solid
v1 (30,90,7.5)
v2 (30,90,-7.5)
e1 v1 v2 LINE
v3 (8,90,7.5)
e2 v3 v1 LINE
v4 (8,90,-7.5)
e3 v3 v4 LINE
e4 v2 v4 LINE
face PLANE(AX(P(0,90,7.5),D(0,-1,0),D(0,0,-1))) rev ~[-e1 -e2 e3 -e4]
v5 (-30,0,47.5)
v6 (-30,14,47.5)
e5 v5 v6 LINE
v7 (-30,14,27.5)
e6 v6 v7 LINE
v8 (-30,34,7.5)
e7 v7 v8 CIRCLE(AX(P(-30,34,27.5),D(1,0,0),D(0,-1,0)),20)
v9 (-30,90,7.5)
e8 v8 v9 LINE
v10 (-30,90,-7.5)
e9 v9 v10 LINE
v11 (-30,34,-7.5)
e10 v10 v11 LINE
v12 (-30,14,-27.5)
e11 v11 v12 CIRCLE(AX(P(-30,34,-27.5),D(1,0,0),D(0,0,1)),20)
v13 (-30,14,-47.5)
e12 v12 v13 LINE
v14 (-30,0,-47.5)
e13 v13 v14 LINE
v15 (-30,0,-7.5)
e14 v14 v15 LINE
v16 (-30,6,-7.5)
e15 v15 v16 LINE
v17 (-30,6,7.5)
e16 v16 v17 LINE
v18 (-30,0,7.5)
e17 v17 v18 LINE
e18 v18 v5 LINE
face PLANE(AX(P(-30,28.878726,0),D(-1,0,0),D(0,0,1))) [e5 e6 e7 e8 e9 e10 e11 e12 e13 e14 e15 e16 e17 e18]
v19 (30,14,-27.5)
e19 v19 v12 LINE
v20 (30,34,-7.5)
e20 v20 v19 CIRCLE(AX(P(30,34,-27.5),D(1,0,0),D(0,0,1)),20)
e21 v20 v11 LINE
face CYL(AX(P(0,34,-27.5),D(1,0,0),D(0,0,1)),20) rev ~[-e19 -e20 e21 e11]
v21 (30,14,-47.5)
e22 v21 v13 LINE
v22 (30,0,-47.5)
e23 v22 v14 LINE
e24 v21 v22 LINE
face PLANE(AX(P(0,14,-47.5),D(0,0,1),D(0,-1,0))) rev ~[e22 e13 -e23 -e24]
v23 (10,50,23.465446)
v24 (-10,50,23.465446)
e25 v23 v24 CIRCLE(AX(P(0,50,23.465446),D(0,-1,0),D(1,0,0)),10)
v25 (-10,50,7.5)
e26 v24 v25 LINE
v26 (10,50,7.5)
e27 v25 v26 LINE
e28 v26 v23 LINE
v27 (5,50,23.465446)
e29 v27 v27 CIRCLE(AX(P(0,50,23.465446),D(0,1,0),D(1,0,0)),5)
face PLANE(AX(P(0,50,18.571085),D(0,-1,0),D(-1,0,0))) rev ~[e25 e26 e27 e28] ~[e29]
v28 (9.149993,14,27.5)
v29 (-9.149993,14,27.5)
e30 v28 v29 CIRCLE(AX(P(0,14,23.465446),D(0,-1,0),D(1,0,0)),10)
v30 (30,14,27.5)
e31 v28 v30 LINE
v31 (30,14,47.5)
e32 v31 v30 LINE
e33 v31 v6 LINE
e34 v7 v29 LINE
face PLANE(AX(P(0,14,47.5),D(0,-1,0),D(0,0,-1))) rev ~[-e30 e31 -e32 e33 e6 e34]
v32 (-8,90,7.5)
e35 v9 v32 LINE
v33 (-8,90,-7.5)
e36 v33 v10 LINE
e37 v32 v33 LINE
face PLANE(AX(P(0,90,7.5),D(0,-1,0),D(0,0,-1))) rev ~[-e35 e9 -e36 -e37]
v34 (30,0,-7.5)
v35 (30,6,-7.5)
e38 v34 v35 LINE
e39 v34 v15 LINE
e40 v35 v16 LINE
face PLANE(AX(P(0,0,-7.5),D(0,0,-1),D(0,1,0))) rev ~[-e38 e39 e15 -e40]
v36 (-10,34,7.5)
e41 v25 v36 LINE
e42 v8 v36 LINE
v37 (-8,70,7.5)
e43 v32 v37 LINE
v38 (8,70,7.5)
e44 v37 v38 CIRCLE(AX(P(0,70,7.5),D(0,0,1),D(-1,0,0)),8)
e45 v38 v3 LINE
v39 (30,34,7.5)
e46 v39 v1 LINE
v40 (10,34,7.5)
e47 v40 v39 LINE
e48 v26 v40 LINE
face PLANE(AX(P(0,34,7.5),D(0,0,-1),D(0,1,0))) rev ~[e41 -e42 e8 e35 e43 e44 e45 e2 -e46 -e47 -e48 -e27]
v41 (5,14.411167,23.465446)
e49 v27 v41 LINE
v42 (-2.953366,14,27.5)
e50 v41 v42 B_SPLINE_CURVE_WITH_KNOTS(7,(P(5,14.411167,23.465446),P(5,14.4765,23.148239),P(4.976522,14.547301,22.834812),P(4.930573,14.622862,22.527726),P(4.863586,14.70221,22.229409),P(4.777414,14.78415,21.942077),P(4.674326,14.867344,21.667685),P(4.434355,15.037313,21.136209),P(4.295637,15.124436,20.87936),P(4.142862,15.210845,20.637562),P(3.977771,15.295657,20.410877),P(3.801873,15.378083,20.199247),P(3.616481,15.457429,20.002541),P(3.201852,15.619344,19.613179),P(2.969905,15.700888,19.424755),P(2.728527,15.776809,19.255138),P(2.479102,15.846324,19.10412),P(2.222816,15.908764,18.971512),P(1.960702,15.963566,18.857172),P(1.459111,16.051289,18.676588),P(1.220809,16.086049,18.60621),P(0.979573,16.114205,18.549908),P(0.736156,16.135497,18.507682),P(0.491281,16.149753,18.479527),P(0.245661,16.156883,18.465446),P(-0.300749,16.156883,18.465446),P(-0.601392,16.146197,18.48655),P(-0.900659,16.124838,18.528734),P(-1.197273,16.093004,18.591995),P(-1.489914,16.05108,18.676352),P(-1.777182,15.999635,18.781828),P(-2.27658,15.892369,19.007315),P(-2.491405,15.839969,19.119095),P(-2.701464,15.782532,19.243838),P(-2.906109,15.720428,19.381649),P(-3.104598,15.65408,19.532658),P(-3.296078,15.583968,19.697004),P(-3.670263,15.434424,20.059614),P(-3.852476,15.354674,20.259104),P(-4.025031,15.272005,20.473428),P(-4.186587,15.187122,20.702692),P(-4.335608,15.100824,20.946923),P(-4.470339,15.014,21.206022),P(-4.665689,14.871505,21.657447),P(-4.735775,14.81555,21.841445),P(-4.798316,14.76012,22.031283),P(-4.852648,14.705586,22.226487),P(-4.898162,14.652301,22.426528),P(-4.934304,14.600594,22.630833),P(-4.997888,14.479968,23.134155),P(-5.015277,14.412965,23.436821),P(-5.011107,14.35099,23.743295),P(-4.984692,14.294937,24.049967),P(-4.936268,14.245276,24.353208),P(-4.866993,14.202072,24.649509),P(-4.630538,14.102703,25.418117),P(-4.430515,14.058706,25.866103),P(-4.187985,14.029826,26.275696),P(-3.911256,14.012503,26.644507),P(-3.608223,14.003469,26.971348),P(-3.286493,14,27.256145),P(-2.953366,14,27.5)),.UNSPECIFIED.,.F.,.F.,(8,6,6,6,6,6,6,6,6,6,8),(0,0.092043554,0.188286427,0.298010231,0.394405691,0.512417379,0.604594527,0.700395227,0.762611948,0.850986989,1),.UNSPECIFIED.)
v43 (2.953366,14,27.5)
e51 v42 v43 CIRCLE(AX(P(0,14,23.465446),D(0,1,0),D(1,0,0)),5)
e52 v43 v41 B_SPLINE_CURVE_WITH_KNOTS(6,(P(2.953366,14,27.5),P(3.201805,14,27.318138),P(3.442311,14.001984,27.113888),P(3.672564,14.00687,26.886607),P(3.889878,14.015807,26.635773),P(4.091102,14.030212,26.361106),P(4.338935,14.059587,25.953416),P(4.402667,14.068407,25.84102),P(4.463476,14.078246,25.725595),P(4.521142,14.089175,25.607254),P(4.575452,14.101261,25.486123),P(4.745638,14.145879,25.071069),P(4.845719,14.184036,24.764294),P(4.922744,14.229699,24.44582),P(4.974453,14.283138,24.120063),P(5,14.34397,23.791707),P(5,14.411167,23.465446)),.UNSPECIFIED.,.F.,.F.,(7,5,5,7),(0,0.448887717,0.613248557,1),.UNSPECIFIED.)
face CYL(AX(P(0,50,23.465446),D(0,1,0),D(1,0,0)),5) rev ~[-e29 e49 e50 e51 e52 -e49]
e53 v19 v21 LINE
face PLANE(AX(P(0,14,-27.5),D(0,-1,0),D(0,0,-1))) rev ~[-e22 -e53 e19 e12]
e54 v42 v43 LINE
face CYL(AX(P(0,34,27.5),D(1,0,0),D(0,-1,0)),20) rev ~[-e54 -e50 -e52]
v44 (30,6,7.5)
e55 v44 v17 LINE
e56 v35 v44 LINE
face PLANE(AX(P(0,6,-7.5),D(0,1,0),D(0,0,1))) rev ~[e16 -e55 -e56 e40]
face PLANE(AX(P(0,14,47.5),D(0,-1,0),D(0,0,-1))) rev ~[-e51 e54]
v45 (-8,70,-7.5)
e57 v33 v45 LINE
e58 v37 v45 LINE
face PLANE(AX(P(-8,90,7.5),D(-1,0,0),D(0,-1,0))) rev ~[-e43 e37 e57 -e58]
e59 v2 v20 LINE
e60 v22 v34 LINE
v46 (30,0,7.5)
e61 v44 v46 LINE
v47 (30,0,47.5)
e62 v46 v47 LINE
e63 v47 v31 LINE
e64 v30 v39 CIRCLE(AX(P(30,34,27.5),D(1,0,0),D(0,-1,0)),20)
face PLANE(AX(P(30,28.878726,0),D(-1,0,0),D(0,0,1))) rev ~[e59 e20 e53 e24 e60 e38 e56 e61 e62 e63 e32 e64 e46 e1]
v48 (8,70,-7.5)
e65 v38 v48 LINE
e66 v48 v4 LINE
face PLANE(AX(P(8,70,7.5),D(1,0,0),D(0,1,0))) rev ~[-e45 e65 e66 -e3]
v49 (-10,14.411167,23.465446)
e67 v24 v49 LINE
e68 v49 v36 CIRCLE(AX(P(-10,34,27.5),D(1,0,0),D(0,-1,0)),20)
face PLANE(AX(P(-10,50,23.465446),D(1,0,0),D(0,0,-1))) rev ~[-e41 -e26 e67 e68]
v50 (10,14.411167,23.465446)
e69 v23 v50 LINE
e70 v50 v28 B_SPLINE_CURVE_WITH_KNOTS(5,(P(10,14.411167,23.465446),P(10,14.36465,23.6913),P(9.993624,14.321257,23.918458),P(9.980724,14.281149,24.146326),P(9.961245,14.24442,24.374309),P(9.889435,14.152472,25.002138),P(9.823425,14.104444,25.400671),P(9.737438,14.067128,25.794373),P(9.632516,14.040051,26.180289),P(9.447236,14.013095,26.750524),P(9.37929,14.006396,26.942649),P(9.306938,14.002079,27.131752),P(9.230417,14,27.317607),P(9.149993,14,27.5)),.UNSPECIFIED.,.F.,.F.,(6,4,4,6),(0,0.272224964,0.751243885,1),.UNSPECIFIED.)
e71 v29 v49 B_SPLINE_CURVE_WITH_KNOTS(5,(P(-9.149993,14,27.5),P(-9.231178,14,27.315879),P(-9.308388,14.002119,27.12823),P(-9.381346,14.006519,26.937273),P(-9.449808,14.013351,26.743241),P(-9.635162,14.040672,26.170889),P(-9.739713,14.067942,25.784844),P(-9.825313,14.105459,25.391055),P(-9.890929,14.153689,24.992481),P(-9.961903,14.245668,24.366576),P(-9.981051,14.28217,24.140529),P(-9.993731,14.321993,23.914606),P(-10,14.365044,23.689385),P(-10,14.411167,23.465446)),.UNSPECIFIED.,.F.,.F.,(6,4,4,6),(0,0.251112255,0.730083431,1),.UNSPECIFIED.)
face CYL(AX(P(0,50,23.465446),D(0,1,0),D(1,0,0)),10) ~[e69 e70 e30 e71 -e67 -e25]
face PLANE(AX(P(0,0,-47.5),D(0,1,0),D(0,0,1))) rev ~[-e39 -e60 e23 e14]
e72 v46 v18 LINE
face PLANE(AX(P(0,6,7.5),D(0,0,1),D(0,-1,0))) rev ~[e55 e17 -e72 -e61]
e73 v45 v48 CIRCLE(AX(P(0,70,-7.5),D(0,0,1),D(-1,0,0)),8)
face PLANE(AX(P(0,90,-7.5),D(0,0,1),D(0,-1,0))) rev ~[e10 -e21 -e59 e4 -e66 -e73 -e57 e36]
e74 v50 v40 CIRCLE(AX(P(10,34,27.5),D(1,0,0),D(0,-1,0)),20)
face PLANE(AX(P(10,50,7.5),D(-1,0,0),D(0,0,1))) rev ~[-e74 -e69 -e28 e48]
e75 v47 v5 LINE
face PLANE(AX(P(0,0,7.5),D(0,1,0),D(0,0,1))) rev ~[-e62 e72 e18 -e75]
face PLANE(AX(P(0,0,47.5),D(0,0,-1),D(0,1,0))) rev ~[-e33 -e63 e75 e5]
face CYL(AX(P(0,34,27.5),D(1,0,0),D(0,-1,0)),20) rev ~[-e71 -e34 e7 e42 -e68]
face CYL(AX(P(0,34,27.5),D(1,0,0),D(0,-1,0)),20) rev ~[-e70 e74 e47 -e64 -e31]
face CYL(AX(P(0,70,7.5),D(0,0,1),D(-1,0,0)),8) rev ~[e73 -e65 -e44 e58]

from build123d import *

# Parameters (mm, degrees)
BOSS_EXTRUDE1_DEPTH = 30
CUT_EXTRUDE1_DEPTH  = 60
SKETCH6_R           = 5
BOSS_EXTRUDE2_DEPTH = 36


with BuildPart() as part:
    # Sketch4 → Boss-Extrude1 (new body, symmetric)
    with BuildSketch(Plane(origin=(0, 0, 0), x_dir=(0, 0, -1), z_dir=(1, 0, 0))):
        with BuildLine():
            Line((-7.5, 90), (7.5, 90))
            Line((7.5, 90), (7.5, 34))
            ThreePointArc((7.5, 34), (13.357864376, 19.857864376), (27.5, 14))
            Line((27.5, 14), (47.5, 14))
            Line((47.5, 14), (47.5, 0))
            Line((47.5, 0), (7.5, 0))
            Line((7.5, 0), (7.5, 6))
            Line((7.5, 6), (-7.5, 6))
            Line((-7.5, 6), (-7.5, 0))
            Line((-7.5, 0), (-47.5, 0))
            Line((-47.5, 0), (-47.5, 14))
            Line((-47.5, 14), (-27.5, 14))
            ThreePointArc((-27.5, 14), (-13.357864376, 19.857864376), (-7.5, 34))
            Line((-7.5, 34), (-7.5, 90))
        make_face()
    extrude(amount=BOSS_EXTRUDE1_DEPTH, both=True)

    # Sketch5 → Cut-Extrude1 (cut)
    with BuildSketch(Plane.XY.offset(7.5)):
        with BuildLine():
            Line((8, 70), (8, 90))
            Line((8, 90), (-8, 90))
            Line((-8, 90), (-8, 70))
            ThreePointArc((-8, 70), (0, 62), (8, 70))
        make_face()
    extrude(amount=-CUT_EXTRUDE1_DEPTH, mode=Mode.SUBTRACT)

    # Sketch6 → Boss-Extrude2 (add)
    with BuildSketch(Plane(origin=(0, 50, 0), x_dir=(1, 0, 0), z_dir=(0, 1, 0))):
        with BuildLine():
            Line((-10, -23.46544552), (-10, -7.5))
            Line((-10, -7.5), (10, -7.5))
            Line((10, -7.5), (10, -23.46544552))
            ThreePointArc((10, -23.46544552), (0, -33.46544552), (-10, -23.46544552))
        make_face()
        with Locations((0, -23.46544552)):
            Circle(SKETCH6_R, mode=Mode.SUBTRACT)
    extrude(amount=-BOSS_EXTRUDE2_DEPTH)


solid = part.part
